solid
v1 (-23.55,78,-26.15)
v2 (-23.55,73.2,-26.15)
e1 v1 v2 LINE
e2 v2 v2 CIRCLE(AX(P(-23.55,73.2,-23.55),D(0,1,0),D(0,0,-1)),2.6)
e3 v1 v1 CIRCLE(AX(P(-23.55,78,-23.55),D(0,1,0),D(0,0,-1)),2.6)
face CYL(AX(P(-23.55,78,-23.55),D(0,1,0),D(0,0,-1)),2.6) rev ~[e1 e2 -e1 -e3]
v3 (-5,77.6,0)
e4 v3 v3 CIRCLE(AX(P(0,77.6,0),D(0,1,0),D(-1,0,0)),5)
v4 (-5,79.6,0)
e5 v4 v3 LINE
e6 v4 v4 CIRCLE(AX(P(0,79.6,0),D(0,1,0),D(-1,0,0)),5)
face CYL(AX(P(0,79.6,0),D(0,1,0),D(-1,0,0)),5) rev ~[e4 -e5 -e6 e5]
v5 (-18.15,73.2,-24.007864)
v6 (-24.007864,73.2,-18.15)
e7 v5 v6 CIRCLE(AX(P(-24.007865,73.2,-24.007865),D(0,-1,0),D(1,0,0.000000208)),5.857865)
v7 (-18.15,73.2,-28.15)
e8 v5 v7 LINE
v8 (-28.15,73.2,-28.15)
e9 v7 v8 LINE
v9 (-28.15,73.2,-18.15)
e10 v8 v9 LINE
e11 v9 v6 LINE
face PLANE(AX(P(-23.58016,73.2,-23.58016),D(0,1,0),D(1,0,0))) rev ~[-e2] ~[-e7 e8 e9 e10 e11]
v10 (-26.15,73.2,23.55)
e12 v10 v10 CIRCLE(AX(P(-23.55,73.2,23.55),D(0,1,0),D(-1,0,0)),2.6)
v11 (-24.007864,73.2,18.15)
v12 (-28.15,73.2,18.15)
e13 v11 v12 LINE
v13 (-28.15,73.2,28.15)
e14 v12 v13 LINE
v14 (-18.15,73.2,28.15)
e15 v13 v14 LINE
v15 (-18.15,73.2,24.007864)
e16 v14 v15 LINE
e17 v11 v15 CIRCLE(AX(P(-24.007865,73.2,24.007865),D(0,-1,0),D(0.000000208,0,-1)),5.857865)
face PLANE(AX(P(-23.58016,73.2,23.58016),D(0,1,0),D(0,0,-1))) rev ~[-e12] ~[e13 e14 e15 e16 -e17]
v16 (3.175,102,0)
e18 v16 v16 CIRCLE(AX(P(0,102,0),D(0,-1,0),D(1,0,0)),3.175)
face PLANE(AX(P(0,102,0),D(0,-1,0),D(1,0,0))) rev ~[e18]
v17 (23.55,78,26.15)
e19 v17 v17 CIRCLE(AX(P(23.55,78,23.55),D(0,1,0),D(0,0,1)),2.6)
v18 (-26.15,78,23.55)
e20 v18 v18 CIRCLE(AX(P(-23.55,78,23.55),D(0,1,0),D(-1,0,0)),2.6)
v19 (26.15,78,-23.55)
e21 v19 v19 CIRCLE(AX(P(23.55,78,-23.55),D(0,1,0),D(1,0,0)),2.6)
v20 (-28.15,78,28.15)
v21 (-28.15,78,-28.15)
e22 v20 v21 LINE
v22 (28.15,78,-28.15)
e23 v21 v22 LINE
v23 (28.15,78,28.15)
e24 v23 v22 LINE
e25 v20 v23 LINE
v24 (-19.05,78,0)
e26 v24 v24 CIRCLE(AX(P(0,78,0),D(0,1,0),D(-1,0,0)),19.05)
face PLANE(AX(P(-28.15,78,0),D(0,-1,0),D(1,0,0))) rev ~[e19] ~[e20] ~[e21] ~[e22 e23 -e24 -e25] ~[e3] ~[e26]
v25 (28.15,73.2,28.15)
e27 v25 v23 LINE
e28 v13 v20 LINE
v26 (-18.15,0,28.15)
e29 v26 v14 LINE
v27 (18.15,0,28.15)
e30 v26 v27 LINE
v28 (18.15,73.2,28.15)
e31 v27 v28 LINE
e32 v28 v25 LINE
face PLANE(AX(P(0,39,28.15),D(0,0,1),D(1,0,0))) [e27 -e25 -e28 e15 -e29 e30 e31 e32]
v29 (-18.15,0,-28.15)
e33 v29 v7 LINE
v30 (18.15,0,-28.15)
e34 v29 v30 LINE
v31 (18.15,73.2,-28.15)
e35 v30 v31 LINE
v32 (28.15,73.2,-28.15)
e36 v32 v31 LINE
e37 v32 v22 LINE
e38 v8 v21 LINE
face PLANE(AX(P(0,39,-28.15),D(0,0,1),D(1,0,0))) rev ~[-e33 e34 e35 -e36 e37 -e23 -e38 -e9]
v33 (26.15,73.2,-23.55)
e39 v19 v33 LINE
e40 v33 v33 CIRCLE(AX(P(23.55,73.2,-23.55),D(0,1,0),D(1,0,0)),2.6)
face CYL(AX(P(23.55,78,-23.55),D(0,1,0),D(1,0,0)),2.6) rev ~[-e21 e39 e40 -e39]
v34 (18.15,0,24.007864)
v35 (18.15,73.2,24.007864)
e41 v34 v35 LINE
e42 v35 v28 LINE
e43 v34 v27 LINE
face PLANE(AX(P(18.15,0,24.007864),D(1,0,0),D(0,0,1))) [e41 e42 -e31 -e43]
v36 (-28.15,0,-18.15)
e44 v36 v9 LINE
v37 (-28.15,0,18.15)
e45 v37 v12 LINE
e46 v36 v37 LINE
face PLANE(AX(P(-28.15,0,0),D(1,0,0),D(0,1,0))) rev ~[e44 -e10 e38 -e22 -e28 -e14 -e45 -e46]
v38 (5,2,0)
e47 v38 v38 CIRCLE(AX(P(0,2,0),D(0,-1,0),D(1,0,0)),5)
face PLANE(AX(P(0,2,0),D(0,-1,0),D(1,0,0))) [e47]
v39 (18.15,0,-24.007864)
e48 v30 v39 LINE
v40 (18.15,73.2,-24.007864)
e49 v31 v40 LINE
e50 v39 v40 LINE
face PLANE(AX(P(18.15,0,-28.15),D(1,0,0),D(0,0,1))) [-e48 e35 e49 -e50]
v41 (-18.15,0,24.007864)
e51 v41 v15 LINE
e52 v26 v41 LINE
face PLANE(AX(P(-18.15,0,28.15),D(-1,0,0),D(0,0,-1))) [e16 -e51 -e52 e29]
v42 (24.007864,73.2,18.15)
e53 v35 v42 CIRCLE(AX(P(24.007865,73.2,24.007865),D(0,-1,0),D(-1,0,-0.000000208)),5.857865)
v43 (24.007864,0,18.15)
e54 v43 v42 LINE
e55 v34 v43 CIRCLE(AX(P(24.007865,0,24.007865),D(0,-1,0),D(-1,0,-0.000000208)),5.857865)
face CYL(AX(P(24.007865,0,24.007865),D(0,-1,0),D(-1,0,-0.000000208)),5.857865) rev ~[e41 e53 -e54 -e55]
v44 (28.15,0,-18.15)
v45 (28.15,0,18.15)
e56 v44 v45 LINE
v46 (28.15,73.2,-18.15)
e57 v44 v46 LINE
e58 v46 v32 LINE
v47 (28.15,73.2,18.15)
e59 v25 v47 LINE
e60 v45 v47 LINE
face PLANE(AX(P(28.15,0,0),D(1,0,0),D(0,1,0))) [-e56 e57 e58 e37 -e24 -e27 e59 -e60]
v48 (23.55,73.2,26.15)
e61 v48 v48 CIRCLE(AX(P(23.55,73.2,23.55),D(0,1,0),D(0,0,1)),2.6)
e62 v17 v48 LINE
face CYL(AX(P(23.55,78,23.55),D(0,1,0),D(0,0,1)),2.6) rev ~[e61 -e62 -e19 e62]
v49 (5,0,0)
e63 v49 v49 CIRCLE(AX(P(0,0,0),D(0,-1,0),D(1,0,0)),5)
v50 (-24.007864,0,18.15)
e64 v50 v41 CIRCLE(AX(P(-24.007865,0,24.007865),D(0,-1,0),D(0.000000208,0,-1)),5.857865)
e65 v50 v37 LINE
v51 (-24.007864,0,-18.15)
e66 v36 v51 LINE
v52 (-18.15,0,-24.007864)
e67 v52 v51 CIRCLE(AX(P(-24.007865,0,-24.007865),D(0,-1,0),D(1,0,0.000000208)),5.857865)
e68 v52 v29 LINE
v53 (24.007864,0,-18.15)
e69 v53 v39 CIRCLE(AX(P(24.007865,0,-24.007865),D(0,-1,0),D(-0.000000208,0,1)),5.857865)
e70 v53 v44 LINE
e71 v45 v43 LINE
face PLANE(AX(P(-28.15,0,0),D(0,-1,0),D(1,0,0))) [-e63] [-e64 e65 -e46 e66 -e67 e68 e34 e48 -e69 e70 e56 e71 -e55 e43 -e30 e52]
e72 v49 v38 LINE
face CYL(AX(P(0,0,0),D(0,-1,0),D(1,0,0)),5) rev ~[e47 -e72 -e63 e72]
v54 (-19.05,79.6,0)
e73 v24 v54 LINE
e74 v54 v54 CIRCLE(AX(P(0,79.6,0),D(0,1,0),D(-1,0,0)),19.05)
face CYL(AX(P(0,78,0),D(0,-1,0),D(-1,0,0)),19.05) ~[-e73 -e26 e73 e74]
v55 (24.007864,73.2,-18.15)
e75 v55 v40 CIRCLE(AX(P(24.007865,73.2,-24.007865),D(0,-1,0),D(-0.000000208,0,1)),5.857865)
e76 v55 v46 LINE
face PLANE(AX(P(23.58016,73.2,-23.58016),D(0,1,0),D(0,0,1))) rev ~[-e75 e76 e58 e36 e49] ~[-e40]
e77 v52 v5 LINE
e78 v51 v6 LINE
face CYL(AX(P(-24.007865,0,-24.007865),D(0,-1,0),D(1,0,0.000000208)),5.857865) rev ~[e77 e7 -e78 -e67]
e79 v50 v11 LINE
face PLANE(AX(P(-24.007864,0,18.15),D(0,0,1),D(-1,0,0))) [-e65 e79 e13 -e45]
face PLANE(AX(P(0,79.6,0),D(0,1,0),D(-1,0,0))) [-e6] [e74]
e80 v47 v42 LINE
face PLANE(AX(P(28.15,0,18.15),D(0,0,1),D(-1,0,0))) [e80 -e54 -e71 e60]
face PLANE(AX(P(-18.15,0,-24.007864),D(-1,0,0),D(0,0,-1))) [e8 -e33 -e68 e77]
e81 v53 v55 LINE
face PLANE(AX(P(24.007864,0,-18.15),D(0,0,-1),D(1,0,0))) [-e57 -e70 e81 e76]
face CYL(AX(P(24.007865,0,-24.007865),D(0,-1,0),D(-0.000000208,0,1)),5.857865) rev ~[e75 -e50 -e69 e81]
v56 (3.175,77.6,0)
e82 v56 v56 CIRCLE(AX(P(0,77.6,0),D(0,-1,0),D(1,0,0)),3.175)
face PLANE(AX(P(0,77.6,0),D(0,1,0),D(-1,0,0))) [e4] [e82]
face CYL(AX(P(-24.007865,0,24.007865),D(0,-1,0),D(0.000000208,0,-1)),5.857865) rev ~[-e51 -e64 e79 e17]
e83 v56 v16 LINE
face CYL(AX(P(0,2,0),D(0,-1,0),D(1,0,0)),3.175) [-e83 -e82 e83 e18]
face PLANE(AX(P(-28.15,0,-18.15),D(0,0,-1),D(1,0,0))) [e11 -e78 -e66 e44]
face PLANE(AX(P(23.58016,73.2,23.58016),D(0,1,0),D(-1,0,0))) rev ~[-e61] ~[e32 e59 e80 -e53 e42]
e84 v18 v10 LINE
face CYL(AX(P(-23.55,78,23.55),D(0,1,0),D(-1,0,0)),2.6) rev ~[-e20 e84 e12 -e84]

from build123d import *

# Parameters (mm, degrees)
SKETCH_W              = 56.3
SKETCH_H              = 78
PAD_DEPTH             = 28.15
PAD_DEPTH_BACK        = 28.15
POCKET_DEPTH          = 73.2
POLARPATTERN_COUNT    = 4
SKETCH002_R           = 2.6
POCKET001_DEPTH       = 5
POLARPATTERN001_COUNT = 4
SKETCH003_R           = 19.05
PAD001_DEPTH          = 1.6
SKETCH004_R           = 5
POCKET002_DEPTH       = 2
SKETCH005_R           = 5
POCKET003_DEPTH       = 2
SKETCH006_R           = 3.175
PAD002_DEPTH          = 100


with BuildPart() as part:
    # Sketch → Pad (new body, two sides)
    with BuildSketch(Plane.XY) as pad_sk:
        with Locations((0, 39)):
            Rectangle(SKETCH_W, SKETCH_H)
    extrude(amount=PAD_DEPTH)
    extrude(pad_sk.sketch, amount=-PAD_DEPTH_BACK)

    # Sketch001 → Pocket (cut)
    with BuildSketch(Plane.XZ):
        with BuildLine():
            Line((18.15, 28.15), (28.15, 28.15))
            Line((28.15, 28.15), (28.15, 18.15))
            Line((28.15, 18.15), (24.007864, 18.15))
            ThreePointArc((18.15, 24.007864), (19.865729, 19.865729), (24.007864, 18.15))
            Line((18.15, 24.007864), (18.15, 28.15))
        make_face()
    pocket = extrude(amount=-POCKET_DEPTH, mode=Mode.SUBTRACT)

    # PolarPattern: Pocket ×4 about axis
    polarpattern_axis = Axis((0, 0, 0), (0, -1, 0))
    for i in range(1, POLARPATTERN_COUNT):
        add(pocket.rotate(polarpattern_axis, i * 360 / POLARPATTERN_COUNT), mode=Mode.SUBTRACT)

    # Sketch002 → Pocket001 (cut)
    with BuildSketch(Plane(origin=(0, 78, 0), x_dir=(-1, 0, 0), z_dir=(0, 1, 0))):
        with Locations((23.55, 23.55)):
            Circle(SKETCH002_R)
    pocket001 = extrude(amount=-POCKET001_DEPTH, mode=Mode.SUBTRACT)

    # PolarPattern001: Pocket001 ×4 about axis
    polarpattern001_axis = Axis((0, 78, 0), (0, 1, 0))
    for i in range(1, POLARPATTERN001_COUNT):
        add(pocket001.rotate(polarpattern001_axis, i * 360 / POLARPATTERN001_COUNT), mode=Mode.SUBTRACT)

    # Sketch003 → Pad001 (new body)
    with BuildSketch(Plane(origin=(0, 78, 0), x_dir=(-1, 0, 0), z_dir=(0, 1, 0))):
        Circle(SKETCH003_R)
    extrude(amount=PAD001_DEPTH)

    # Sketch004 → Pocket002 (cut)
    with BuildSketch(Plane(origin=(0, 79.6, 0), x_dir=(-1, 0, 0), z_dir=(0, 1, 0))):
        Circle(SKETCH004_R)
    extrude(amount=-POCKET002_DEPTH, mode=Mode.SUBTRACT)

    # Sketch005 → Pocket003 (cut)
    with BuildSketch(Plane.XZ):
        Circle(SKETCH005_R)
    extrude(amount=-POCKET003_DEPTH, mode=Mode.SUBTRACT)

    # Sketch006 → Pad002 (new body)
    with BuildSketch(Plane.XZ.offset(-2)):
        Circle(SKETCH006_R)
    extrude(amount=-PAD002_DEPTH)


solid = part.part
